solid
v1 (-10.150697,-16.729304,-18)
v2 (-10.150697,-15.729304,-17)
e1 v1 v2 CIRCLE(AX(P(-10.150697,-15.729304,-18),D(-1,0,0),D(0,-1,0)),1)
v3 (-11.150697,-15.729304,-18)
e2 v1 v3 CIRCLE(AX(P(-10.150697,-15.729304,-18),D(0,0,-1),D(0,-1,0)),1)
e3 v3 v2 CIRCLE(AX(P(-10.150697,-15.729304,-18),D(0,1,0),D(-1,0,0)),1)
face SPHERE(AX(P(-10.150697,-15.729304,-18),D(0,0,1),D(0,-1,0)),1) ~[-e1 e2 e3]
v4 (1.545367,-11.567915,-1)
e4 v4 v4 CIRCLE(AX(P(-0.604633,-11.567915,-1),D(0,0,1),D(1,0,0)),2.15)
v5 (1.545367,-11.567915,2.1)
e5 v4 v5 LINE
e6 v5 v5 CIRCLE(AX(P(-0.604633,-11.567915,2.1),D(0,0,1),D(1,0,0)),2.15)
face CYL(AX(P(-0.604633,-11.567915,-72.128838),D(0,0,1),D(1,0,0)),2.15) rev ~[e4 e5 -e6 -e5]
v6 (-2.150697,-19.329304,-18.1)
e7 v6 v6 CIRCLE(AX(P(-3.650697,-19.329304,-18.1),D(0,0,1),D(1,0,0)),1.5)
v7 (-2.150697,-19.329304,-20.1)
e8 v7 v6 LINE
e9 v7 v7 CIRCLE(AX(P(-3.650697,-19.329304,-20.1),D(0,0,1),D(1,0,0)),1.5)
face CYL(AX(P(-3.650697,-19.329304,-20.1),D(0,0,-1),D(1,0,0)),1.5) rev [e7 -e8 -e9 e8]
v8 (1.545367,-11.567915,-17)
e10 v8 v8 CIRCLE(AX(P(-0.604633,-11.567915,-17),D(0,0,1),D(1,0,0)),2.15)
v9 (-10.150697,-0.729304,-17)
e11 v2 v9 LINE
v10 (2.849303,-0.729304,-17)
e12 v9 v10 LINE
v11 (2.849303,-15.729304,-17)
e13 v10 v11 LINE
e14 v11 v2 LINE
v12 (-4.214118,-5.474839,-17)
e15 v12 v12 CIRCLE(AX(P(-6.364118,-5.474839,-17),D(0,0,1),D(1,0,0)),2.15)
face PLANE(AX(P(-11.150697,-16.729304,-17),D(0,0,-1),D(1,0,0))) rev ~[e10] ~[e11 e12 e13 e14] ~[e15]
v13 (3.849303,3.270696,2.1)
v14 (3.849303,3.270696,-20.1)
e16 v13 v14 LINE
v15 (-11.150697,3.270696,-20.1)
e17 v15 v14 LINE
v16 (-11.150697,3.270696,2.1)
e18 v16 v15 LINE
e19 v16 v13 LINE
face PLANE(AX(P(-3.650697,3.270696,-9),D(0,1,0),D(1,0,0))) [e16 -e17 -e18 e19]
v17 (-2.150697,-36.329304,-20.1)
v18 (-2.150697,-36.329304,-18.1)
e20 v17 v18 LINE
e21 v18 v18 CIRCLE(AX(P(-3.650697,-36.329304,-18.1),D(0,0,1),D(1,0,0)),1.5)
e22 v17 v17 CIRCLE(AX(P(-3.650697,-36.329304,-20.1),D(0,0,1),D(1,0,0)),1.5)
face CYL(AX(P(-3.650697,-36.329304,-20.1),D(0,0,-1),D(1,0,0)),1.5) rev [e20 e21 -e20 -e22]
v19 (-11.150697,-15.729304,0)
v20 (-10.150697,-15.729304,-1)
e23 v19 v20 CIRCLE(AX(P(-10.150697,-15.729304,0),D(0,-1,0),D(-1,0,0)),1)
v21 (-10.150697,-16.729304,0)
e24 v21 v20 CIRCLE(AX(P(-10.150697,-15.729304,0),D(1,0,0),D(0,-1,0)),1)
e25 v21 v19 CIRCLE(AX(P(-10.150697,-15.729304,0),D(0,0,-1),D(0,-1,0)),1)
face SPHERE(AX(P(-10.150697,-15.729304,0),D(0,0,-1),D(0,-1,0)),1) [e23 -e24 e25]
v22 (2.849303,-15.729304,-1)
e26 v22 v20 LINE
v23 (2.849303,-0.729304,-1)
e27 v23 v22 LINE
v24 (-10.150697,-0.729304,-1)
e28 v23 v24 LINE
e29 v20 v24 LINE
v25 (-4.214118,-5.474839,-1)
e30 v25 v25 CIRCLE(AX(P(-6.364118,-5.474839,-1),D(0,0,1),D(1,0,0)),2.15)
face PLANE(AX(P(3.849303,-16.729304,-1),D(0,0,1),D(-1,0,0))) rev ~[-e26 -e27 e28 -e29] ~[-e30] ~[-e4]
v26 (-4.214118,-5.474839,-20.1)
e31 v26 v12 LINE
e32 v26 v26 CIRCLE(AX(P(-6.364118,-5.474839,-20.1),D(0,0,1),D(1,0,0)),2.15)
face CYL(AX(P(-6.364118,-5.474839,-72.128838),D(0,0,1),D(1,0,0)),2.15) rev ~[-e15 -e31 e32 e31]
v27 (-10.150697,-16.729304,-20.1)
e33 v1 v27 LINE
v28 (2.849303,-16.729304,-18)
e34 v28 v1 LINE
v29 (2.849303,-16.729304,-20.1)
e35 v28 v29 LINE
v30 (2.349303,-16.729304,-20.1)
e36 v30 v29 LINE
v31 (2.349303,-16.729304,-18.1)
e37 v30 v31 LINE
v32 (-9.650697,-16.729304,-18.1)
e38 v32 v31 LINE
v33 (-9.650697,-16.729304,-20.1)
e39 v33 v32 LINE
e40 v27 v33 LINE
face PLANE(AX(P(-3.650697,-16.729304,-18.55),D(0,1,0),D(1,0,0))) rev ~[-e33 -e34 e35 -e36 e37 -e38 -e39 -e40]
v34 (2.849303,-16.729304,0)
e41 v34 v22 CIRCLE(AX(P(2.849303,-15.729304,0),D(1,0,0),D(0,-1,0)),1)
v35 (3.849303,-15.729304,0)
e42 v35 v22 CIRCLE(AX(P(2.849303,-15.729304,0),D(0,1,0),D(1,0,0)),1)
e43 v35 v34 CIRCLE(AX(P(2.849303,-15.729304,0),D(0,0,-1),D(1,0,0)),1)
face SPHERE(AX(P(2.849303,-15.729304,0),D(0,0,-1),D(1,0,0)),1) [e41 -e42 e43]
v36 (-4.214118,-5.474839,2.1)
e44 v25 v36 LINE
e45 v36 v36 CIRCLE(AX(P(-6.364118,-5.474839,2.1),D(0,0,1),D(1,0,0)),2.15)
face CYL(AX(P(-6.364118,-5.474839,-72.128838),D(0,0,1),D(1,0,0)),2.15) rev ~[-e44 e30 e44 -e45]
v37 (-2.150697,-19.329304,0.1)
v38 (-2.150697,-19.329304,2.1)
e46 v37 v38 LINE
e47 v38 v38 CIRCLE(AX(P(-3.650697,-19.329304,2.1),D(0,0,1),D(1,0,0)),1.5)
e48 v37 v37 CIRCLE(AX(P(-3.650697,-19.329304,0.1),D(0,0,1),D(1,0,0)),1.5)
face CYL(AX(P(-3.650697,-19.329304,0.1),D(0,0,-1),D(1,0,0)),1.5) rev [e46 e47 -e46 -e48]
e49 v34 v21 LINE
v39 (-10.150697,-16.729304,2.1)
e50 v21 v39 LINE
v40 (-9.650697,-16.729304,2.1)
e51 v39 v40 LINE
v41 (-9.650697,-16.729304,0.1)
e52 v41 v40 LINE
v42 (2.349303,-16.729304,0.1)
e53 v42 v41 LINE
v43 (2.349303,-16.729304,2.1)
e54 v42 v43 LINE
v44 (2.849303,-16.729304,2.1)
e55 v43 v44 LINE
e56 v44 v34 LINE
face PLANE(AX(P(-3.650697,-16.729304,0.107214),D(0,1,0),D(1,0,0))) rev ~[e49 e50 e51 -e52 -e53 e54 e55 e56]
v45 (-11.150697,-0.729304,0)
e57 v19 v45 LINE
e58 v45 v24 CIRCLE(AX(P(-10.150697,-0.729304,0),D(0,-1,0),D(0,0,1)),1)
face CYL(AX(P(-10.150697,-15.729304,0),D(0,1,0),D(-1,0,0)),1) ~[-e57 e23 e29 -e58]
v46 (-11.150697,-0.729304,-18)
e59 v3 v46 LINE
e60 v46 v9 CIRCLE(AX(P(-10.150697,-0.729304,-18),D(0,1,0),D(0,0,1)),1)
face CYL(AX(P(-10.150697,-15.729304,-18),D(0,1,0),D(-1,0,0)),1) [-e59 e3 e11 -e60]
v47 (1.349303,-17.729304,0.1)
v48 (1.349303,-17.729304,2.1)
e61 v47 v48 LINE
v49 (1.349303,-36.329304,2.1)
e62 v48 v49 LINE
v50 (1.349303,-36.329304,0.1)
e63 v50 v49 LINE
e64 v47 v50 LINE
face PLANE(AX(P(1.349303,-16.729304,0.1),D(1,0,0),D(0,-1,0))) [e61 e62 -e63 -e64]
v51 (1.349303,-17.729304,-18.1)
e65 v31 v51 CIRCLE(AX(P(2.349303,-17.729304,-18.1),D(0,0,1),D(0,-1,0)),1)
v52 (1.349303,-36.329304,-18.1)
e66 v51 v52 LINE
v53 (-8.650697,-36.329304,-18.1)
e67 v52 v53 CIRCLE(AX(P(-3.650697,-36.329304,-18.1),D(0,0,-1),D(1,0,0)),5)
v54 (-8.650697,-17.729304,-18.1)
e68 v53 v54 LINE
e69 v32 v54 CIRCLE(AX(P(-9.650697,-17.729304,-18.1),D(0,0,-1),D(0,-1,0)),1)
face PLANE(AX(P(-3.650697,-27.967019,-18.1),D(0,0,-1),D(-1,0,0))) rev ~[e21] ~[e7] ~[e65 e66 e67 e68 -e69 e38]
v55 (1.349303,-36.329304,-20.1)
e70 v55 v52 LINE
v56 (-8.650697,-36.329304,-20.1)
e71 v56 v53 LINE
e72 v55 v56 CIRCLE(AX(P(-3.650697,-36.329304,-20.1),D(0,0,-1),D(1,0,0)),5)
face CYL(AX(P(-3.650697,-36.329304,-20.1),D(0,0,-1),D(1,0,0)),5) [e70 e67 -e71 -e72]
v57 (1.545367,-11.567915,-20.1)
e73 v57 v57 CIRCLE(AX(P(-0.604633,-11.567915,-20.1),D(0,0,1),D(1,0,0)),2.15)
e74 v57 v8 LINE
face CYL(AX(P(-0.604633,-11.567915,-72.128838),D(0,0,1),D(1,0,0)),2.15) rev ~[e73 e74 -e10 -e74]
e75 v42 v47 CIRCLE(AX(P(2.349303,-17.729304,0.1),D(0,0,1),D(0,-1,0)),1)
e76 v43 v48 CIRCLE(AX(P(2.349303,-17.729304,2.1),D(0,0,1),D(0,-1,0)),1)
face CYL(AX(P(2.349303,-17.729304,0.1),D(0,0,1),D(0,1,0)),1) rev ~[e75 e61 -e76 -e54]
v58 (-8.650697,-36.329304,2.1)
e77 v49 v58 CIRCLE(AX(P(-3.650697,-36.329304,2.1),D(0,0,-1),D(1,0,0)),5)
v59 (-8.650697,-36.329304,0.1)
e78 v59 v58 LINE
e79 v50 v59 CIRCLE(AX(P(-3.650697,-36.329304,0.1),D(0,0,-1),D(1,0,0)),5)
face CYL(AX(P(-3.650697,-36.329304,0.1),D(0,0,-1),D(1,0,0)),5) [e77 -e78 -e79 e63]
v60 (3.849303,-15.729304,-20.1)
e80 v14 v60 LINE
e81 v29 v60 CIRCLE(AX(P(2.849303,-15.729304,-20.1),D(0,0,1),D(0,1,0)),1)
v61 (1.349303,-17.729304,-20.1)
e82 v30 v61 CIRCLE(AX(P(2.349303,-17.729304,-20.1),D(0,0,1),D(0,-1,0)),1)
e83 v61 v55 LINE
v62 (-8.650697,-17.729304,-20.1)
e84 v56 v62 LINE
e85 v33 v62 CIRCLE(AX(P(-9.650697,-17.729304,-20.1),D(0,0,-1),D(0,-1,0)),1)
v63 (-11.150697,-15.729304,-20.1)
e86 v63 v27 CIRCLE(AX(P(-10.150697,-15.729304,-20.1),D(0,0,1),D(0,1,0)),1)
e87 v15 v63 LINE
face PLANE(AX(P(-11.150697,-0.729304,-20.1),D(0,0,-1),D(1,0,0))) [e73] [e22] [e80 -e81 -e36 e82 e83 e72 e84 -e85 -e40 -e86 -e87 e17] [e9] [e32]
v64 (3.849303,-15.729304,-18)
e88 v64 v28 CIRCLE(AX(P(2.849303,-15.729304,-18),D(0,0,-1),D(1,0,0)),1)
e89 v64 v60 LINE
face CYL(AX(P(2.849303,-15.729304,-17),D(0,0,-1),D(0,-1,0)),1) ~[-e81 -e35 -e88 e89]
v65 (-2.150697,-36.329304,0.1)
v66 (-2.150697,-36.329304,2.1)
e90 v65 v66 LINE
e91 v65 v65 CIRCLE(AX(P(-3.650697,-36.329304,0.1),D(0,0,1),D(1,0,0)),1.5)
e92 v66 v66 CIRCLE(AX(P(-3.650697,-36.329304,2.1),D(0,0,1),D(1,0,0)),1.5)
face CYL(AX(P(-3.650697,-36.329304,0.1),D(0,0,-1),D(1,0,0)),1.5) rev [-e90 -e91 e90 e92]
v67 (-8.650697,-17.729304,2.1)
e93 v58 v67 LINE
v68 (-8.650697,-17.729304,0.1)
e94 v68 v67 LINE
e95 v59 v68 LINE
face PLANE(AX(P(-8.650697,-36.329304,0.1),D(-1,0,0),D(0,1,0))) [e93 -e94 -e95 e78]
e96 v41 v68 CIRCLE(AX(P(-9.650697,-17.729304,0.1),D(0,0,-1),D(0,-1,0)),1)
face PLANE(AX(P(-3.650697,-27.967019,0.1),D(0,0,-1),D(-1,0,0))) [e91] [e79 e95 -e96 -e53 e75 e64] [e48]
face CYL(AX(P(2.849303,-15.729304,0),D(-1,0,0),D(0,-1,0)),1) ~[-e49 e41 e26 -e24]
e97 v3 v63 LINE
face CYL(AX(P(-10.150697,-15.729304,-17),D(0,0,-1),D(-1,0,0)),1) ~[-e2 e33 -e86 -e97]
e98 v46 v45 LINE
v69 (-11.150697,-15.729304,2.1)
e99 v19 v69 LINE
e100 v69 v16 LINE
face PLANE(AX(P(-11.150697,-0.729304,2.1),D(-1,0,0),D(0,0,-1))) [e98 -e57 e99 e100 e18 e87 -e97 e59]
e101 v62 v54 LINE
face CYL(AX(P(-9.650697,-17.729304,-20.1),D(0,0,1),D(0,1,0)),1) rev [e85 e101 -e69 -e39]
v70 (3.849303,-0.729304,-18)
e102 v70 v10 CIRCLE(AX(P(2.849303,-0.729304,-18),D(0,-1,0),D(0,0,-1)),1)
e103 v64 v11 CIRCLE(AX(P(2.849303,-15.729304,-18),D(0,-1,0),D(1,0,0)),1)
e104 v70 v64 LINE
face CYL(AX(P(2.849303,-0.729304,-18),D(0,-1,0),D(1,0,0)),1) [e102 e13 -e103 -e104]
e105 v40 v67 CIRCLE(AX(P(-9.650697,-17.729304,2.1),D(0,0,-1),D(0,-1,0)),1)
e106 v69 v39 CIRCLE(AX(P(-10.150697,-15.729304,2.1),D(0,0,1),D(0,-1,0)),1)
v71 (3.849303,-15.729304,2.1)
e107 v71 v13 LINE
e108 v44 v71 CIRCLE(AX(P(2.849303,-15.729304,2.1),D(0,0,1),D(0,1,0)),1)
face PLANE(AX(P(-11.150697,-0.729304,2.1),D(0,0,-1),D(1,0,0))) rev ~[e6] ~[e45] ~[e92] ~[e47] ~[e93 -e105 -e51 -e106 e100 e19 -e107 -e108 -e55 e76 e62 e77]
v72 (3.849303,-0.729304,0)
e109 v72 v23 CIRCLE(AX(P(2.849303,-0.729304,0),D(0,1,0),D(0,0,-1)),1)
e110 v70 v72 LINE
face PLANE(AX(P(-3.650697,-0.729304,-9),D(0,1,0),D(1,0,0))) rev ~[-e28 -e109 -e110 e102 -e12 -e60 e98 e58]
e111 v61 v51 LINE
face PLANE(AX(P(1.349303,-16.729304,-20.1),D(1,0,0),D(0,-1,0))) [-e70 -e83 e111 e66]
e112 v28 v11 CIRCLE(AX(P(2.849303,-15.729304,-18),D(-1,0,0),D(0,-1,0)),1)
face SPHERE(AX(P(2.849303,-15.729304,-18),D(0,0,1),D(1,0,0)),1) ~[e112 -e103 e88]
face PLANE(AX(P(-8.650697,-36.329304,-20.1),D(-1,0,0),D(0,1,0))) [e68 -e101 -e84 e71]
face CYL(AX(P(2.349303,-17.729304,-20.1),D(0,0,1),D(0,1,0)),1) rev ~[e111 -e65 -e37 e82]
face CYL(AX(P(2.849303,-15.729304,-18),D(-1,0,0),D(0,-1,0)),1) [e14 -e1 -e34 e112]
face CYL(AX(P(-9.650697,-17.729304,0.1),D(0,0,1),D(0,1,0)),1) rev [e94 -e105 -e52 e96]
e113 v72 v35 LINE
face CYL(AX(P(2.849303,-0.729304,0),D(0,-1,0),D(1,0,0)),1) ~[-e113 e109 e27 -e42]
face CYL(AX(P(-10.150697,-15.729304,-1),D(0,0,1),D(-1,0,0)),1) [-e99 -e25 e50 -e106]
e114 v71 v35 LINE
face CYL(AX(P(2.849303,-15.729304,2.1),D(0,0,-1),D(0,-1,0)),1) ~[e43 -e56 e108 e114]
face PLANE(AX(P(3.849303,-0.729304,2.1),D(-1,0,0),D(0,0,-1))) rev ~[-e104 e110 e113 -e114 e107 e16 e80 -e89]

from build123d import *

# Parameters (mm, degrees)
BOSS_EXTRUDE1_START   = 0.1
SKETCH1_R             = 1.5
BOSS_EXTRUDE1_DEPTH   = 2
SKETCH2_W             = 15
SKETCH2_H             = 3.1
SKETCH2_W_2           = 10
SKETCH2_H_2           = 2
BOSS_EXTRUDE2_DEPTH   = 16
SKETCH3_W             = 15
SKETCH3_H             = 22.2
BOSS_EXTRUDE3_DEPTH   = 4
BOSS_EXTRUDE4_START   = -20.1
SKETCH1_3_R           = 1.5
BOSS_EXTRUDE4_DEPTH   = 2
FILLET1_R             = 1
FILLET2_R             = 1
F_4_0MM_DOWEL_HOLE1_D = 4.3


with BuildPart() as part:
    # Sketch1 → Boss-Extrude1 (new body)
    with BuildSketch(Plane.XY.offset(BOSS_EXTRUDE1_START)):
        with BuildLine():
            Line((-8.650697236, -36.32930415), (-8.650697236, -16.72930415))
            Line((-8.650697236, -16.72930415), (1.349302764, -16.72930415))
            Line((1.349302764, -16.72930415), (1.349302764, -36.32930415))
            ThreePointArc((1.349302764, -36.32930415), (-3.650697236, -41.32930415), (-8.650697236, -36.32930415))
        make_face()
        with Locations((-3.650697236, -19.32930415)):
            Circle(SKETCH1_R, mode=Mode.SUBTRACT)
        with Locations((-3.650697236, -36.32930415)):
            Circle(SKETCH1_R, mode=Mode.SUBTRACT)
    extrude(amount=BOSS_EXTRUDE1_DEPTH)

    # Sketch2 → Boss-Extrude2 (add)
    with BuildSketch(Plane(origin=(0, -16.72930415, 0), x_dir=(1, 0, 0), z_dir=(0, 1, 0))):
        with Locations((-3.650697236, 18.55)):
            Rectangle(SKETCH2_W, SKETCH2_H)
        Polygon((3.849302764, 1), (-11.150697236, 1), (-11.150697236, -2.1), (-8.650697236, -2.1), (-8.650697236, -0.1), (1.349302764, -0.1), (1.349302764, -2.1), (3.849302764, -2.1), align=None)
        with Locations((-3.650697236, -1.1)):
            Rectangle(SKETCH2_W_2, SKETCH2_H_2)
    extrude(amount=BOSS_EXTRUDE2_DEPTH)

    # Sketch3 → Boss-Extrude3 (add)
    with BuildSketch(Plane(origin=(0, -0.72930415, 0), x_dir=(1, 0, 0), z_dir=(0, 1, 0))):
        with Locations((-3.650697236, 9)):
            Rectangle(SKETCH3_W, SKETCH3_H)
    extrude(amount=BOSS_EXTRUDE3_DEPTH)

    # Sketch1<3> → Boss-Extrude4 (add)
    with BuildSketch(Plane.XY.offset(BOSS_EXTRUDE4_START)):
        with BuildLine():
            Line((-8.650697236, -36.32930415), (-8.650697236, -16.72930415))
            Line((-8.650697236, -16.72930415), (1.349302764, -16.72930415))
            Line((1.349302764, -16.72930415), (1.349302764, -36.32930415))
            ThreePointArc((1.349302764, -36.32930415), (-3.650697236, -41.32930415), (-8.650697236, -36.32930415))
        make_face()
        with Locations((-3.650697236, -19.32930415)):
            Circle(SKETCH1_3_R, mode=Mode.SUBTRACT)
        with Locations((-3.650697236, -36.32930415)):
            Circle(SKETCH1_3_R, mode=Mode.SUBTRACT)
    extrude(amount=BOSS_EXTRUDE4_DEPTH)

    # Fillet1
    fillet1_edges = [part.edges().sort_by_distance(p)[0] for p in [
        (3.849302764, -16.72930415, 0.55),
        (-11.150697236, -16.72930415, 0.55),
        (3.849302764, -16.72930415, -18.55),
        (-11.150697236, -16.72930415, -18.55),
        (-8.650697236, -16.72930415, -19.1),
        (1.349302764, -16.72930415, -19.1),
        (-8.650697236, -16.72930415, 1.1),
        (1.349302764, -16.72930415, 1.1),
    ]]
    fillet(fillet1_edges, radius=FILLET1_R)

    # Fillet2
    fillet2_edges = [part.edges().sort_by_distance(p)[0] for p in [
        (-11.150697236, -8.22930415, -1),
        (3.849302764, -8.22930415, -1),
        (-11.150697236, -8.22930415, -17),
        (3.849302764, -8.22930415, -17),
        (-3.650697236, -16.72930415, -17),
        (-10.857804017, -16.436410931, -17),
        (3.556409546, -16.436410931, -17),
        (-3.650697236, -16.72930415, -1),
        (3.556409546, -16.436410931, -1),
        (-10.857804017, -16.436410931, -1),
    ]]
    fillet(fillet2_edges, radius=FILLET2_R)

    # Ø4.0mm Dowel Hole1 (through all)
    with Locations(Plane(origin=(-6.364117909, -5.47483866, -20.1), x_dir=(-1, 0, 0), z_dir=(0, 0, -1))):
        with Locations((0, 0), (-5.759484696, -6.093076476)):
            Hole(F_4_0MM_DOWEL_HOLE1_D / 2)


solid = part.part
